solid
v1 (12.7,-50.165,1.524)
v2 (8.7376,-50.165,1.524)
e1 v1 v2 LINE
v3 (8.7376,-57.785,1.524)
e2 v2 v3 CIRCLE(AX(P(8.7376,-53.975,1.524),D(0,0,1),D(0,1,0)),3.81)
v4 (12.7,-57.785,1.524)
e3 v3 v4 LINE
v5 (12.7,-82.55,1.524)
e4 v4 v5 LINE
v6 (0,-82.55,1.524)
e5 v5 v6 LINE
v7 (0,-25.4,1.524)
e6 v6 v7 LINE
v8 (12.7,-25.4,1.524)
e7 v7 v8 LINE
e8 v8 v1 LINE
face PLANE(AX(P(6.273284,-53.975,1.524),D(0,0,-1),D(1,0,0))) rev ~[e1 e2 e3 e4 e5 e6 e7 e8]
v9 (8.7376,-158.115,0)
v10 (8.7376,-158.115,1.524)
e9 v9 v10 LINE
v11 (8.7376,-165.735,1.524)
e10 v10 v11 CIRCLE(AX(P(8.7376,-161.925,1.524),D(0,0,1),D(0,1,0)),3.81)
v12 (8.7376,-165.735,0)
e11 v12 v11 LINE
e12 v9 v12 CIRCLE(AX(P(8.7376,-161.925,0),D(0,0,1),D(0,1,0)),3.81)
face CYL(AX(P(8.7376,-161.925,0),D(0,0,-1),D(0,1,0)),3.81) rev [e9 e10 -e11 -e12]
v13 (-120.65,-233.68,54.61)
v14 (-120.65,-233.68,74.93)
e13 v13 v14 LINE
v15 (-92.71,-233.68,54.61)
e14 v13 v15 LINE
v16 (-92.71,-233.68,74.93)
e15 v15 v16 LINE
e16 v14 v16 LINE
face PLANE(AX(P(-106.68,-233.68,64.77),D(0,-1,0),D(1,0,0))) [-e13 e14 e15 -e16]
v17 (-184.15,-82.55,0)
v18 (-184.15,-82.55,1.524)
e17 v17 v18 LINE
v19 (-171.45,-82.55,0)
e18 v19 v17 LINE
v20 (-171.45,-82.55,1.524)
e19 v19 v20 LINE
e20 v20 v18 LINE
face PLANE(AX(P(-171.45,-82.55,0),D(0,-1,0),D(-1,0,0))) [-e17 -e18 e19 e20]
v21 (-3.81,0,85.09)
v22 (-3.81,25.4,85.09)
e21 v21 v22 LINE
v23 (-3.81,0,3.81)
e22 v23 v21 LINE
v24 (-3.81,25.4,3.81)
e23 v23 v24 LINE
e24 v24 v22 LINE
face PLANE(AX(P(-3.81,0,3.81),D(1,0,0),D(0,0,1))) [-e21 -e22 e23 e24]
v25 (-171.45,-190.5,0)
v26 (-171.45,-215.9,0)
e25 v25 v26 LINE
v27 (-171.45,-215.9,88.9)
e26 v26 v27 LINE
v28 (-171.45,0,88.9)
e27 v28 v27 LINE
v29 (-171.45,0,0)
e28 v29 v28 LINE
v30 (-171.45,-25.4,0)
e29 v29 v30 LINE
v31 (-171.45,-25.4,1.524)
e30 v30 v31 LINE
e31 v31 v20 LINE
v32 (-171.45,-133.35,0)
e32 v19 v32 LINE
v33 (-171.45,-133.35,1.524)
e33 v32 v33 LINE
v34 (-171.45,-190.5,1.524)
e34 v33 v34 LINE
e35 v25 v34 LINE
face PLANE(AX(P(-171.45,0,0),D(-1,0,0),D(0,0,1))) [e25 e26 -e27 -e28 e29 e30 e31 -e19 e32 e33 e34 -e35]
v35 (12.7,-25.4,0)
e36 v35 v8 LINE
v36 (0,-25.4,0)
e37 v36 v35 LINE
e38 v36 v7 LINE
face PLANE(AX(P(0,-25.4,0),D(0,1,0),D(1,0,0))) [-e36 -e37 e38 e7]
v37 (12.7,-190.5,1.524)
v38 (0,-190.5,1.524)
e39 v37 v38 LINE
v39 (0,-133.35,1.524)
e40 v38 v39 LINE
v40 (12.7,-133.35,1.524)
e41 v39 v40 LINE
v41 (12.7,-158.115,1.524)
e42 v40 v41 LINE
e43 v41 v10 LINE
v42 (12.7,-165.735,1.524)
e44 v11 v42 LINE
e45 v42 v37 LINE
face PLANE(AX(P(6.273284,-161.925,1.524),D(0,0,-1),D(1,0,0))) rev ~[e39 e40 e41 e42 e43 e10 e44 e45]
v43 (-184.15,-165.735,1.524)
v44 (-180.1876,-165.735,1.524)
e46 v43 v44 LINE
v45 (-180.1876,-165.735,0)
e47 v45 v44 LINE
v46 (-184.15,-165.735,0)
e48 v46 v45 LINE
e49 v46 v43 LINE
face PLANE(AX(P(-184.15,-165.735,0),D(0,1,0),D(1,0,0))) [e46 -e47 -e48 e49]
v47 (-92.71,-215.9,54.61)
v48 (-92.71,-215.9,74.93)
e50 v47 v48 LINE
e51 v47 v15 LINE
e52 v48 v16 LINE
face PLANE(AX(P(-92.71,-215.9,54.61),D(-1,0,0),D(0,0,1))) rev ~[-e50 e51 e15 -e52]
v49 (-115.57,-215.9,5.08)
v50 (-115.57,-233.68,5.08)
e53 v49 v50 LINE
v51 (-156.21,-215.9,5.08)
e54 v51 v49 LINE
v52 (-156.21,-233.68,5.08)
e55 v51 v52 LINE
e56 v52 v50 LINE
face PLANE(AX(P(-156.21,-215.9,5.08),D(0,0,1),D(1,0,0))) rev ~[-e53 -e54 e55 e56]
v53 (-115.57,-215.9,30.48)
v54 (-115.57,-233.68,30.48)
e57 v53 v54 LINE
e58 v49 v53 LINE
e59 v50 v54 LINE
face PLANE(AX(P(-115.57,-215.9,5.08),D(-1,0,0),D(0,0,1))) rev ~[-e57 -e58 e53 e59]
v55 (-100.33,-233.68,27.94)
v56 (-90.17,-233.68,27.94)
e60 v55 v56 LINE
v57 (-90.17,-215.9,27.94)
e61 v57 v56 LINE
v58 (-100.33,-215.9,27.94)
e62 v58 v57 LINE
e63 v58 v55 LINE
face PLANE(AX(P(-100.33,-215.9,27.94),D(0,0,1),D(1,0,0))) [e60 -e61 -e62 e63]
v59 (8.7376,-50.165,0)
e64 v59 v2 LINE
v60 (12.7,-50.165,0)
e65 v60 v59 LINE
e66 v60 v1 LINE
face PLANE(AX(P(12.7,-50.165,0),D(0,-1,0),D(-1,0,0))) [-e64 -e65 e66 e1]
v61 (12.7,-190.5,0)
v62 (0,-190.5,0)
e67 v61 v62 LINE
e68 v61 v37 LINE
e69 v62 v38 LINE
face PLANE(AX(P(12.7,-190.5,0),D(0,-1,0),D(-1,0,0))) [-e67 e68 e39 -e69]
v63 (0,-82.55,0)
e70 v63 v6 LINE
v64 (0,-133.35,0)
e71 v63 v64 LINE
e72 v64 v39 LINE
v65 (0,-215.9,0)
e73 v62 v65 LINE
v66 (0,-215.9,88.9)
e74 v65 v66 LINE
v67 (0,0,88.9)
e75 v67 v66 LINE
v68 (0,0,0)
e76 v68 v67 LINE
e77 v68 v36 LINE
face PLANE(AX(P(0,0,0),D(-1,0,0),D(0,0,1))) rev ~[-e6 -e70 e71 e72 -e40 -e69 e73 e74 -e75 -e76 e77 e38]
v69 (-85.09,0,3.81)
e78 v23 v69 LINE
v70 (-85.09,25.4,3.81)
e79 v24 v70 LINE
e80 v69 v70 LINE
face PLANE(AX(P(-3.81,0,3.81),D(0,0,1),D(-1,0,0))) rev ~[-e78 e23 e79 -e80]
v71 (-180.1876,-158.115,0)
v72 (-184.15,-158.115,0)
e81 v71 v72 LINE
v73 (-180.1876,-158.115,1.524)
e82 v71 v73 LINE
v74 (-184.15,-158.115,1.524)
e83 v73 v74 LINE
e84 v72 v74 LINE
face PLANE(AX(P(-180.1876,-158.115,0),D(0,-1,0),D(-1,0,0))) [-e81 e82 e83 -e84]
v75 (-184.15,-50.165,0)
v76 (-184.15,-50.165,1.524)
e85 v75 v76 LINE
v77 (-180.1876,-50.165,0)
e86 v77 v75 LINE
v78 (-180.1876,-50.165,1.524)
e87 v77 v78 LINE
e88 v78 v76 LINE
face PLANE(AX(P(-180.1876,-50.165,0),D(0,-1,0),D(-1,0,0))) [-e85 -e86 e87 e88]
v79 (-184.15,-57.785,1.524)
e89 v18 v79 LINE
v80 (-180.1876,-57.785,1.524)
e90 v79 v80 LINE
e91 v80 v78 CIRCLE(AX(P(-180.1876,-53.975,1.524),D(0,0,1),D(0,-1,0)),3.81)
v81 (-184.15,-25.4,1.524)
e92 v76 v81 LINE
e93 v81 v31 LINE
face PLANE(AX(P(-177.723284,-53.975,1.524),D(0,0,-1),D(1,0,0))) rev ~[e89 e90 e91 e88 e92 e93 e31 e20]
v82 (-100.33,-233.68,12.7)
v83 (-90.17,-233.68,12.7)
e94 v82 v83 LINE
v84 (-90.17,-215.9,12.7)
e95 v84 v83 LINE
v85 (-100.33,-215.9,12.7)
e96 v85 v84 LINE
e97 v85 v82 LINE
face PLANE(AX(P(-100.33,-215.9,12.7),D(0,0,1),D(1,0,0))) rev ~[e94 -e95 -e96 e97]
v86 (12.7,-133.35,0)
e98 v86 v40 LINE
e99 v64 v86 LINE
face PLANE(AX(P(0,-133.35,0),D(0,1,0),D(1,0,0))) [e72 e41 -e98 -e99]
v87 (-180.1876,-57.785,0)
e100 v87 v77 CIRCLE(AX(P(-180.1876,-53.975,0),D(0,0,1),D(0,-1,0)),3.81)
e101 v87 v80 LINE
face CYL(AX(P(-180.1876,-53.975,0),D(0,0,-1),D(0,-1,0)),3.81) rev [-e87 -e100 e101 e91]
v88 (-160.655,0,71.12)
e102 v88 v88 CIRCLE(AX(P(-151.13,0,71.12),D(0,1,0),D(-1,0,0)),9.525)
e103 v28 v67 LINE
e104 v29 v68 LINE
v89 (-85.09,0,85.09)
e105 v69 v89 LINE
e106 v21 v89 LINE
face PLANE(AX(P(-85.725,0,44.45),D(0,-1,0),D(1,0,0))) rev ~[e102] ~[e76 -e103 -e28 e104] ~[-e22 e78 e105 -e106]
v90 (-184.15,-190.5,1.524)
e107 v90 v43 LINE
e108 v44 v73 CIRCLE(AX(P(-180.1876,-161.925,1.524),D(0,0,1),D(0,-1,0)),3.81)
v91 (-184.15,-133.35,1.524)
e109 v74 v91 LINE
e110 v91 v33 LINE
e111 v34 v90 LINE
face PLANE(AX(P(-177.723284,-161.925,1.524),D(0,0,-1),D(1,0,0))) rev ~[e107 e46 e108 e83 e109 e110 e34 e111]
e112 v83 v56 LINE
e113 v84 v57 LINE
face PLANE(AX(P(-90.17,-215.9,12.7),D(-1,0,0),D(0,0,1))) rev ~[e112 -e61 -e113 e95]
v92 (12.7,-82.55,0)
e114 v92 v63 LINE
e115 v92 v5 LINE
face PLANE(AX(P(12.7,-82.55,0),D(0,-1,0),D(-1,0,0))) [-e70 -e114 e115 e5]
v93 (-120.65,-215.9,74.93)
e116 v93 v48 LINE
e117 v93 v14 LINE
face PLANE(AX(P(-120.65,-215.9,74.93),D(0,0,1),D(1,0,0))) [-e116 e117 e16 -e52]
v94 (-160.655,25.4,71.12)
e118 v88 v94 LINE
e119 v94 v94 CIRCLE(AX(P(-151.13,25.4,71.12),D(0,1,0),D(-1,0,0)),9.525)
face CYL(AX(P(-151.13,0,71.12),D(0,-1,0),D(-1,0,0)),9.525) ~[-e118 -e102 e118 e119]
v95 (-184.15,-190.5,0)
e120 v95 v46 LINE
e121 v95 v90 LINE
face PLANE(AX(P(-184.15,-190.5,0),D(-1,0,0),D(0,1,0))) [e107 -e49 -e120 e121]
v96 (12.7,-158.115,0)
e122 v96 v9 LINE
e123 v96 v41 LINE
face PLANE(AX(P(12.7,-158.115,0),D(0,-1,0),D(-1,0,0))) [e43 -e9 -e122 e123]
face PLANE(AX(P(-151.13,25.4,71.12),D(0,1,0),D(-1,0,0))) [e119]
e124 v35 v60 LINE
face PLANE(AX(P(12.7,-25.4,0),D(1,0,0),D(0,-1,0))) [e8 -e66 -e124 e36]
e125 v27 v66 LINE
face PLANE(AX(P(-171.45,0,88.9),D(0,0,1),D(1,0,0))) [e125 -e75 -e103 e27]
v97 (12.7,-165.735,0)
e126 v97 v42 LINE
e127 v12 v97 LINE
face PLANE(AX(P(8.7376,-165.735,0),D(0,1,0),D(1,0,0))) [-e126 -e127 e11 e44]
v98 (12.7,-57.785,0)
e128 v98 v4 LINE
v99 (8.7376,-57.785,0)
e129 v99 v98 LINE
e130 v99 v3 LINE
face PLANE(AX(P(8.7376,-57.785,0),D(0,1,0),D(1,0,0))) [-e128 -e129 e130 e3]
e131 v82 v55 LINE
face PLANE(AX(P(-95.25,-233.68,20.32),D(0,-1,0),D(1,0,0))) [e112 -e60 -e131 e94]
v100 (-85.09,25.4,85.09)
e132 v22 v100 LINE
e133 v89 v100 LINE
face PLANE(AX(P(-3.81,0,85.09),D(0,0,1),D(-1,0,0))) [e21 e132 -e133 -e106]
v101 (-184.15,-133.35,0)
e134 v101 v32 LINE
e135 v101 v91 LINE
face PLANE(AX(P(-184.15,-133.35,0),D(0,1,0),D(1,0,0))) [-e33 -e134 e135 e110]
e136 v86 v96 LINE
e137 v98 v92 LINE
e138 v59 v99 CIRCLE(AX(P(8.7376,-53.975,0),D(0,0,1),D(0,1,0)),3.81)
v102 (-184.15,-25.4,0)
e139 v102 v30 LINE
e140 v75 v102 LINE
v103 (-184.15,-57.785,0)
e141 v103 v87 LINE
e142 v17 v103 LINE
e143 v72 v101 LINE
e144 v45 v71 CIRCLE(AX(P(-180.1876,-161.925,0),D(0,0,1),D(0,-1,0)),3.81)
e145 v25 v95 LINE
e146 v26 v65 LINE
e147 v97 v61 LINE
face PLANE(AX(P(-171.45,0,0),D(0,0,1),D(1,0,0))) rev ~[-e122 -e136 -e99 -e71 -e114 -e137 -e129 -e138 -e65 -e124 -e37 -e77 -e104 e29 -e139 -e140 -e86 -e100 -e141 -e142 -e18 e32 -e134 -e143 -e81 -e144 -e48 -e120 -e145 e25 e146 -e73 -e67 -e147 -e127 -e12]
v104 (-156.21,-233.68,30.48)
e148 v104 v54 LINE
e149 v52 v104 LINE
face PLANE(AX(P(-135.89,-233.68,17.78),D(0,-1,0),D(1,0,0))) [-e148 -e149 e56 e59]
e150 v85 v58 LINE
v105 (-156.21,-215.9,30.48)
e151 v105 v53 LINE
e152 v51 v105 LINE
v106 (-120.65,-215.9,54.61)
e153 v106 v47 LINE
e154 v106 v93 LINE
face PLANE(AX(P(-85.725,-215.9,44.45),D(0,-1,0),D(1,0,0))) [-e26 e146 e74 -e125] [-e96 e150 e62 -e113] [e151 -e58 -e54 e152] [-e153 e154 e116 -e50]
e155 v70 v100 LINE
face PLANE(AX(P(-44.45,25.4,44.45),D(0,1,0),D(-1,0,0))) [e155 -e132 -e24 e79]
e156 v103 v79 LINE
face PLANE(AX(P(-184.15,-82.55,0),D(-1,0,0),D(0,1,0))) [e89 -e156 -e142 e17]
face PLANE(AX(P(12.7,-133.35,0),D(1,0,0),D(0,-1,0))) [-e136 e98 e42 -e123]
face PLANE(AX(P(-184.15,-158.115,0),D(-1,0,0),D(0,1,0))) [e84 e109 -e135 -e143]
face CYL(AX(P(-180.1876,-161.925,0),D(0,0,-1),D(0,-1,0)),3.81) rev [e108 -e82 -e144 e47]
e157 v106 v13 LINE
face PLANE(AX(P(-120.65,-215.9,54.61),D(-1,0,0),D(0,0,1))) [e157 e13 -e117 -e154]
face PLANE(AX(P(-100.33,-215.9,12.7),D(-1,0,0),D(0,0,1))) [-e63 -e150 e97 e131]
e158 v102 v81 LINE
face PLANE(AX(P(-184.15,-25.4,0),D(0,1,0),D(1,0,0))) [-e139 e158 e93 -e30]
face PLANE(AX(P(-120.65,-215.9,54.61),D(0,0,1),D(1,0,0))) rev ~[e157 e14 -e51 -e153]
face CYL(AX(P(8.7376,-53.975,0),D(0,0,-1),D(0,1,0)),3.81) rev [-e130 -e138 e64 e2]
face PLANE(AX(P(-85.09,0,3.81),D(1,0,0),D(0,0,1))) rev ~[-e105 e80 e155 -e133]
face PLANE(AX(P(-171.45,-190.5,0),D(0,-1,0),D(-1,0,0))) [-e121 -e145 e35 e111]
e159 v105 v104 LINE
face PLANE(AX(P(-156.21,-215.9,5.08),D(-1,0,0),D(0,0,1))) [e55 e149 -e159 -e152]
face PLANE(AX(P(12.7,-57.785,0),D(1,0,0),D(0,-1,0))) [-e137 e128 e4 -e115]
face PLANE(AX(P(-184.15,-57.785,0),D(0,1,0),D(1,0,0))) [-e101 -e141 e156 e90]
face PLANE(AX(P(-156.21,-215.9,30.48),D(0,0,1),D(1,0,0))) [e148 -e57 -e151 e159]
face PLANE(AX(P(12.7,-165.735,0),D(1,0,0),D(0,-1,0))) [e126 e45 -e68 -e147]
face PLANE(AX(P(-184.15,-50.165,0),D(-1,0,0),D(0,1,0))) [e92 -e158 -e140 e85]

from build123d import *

# Parameters (mm, degrees)
F0_W     = 171.45
F0_H     = 88.9
F1_DEPTH = 215.9
F2_W     = 40.64
F2_H     = 25.4
F2_W_2   = 27.94
F2_H_2   = 20.32
F2_W_3   = 10.16
F2_H_3   = 15.24
F3_DEPTH = 17.78
F4_W     = 81.28
F4_H     = 81.28
F4_R     = 9.525
F5_DEPTH = 25.4
F7_DEPTH = 1.524


with BuildPart() as f1:
    # F0 (on Front) → F1 (new body)
    with BuildSketch(Plane.XZ):
        with Locations((-85.725, 44.45)):
            Rectangle(F0_W, F0_H)
    extrude(amount=F1_DEPTH)

    # F2 (on face) → F3 (join)
    with BuildSketch(Plane.XZ.offset(215.9)):
        with Locations((-135.89, 17.78)):
            Rectangle(F2_W, F2_H)
        with Locations((-106.68, 64.77)):
            Rectangle(F2_W_2, F2_H_2)
        with Locations((-95.25, 20.32)):
            Rectangle(F2_W_3, F2_H_3)
    extrude(amount=F3_DEPTH)

    # F4 (on face) → F5 (join)
    with BuildSketch(Plane(origin=(0, 0, 0), x_dir=(-1, 0, 0), z_dir=(0, 1, 0))):
        with Locations((44.45, 44.45)):
            Rectangle(F4_W, F4_H)
        with Locations((151.13, 71.12)):
            Circle(F4_R)
    extrude(amount=F5_DEPTH)

    # F6 (on face) → F7 (join)
    with BuildSketch(Plane(origin=(0, 0, 0), x_dir=(1, 0, 0), z_dir=(0, 0, -1))):
        with BuildLine():
            Line((-184.15, 25.4), (-171.45, 25.4))
            Line((-171.45, 25.4), (-171.45, 82.55))
            Line((-171.45, 82.55), (-184.15, 82.55))
            Line((-184.15, 82.55), (-184.15, 57.785))
            Line((-184.15, 57.785), (-180.1876, 57.785))
            ThreePointArc((-180.1876, 57.785), (-176.3776, 53.975), (-180.1876, 50.165))
            Line((-180.1876, 50.165), (-184.15, 50.165))
            Line((-184.15, 50.165), (-184.15, 25.4))
        make_face()
        with BuildLine():
            Line((-184.15, 133.35), (-171.45, 133.35))
            Line((-171.45, 133.35), (-171.45, 190.5))
            Line((-171.45, 190.5), (-184.15, 190.5))
            Line((-184.15, 190.5), (-184.15, 165.735))
            Line((-184.15, 165.735), (-180.1876, 165.735))
            ThreePointArc((-180.1876, 165.735), (-176.3776, 161.925), (-180.1876, 158.115))
            Line((-180.1876, 158.115), (-184.15, 158.115))
            Line((-184.15, 158.115), (-184.15, 133.35))
        make_face()
        with BuildLine():
            Line((0, 190.5), (0, 133.35))
            Line((0, 133.35), (12.7, 133.35))
            Line((12.7, 133.35), (12.7, 158.115))
            Line((12.7, 158.115), (8.7376, 158.115))
            ThreePointArc((8.7376, 158.115), (4.9276, 161.925), (8.7376, 165.735))
            Line((8.7376, 165.735), (12.7, 165.735))
            Line((12.7, 165.735), (12.7, 190.5))
            Line((12.7, 190.5), (0, 190.5))
        make_face()
        with BuildLine():
            Line((0, 82.55), (0, 25.4))
            Line((0, 25.4), (12.7, 25.4))
            Line((12.7, 25.4), (12.7, 50.165))
            Line((12.7, 50.165), (8.7376, 50.165))
            ThreePointArc((8.7376, 50.165), (4.9276, 53.975), (8.7376, 57.785))
            Line((8.7376, 57.785), (12.7, 57.785))
            Line((12.7, 57.785), (12.7, 82.55))
            Line((12.7, 82.55), (0, 82.55))
        make_face()
    extrude(amount=-F7_DEPTH)


solid = f1.part
